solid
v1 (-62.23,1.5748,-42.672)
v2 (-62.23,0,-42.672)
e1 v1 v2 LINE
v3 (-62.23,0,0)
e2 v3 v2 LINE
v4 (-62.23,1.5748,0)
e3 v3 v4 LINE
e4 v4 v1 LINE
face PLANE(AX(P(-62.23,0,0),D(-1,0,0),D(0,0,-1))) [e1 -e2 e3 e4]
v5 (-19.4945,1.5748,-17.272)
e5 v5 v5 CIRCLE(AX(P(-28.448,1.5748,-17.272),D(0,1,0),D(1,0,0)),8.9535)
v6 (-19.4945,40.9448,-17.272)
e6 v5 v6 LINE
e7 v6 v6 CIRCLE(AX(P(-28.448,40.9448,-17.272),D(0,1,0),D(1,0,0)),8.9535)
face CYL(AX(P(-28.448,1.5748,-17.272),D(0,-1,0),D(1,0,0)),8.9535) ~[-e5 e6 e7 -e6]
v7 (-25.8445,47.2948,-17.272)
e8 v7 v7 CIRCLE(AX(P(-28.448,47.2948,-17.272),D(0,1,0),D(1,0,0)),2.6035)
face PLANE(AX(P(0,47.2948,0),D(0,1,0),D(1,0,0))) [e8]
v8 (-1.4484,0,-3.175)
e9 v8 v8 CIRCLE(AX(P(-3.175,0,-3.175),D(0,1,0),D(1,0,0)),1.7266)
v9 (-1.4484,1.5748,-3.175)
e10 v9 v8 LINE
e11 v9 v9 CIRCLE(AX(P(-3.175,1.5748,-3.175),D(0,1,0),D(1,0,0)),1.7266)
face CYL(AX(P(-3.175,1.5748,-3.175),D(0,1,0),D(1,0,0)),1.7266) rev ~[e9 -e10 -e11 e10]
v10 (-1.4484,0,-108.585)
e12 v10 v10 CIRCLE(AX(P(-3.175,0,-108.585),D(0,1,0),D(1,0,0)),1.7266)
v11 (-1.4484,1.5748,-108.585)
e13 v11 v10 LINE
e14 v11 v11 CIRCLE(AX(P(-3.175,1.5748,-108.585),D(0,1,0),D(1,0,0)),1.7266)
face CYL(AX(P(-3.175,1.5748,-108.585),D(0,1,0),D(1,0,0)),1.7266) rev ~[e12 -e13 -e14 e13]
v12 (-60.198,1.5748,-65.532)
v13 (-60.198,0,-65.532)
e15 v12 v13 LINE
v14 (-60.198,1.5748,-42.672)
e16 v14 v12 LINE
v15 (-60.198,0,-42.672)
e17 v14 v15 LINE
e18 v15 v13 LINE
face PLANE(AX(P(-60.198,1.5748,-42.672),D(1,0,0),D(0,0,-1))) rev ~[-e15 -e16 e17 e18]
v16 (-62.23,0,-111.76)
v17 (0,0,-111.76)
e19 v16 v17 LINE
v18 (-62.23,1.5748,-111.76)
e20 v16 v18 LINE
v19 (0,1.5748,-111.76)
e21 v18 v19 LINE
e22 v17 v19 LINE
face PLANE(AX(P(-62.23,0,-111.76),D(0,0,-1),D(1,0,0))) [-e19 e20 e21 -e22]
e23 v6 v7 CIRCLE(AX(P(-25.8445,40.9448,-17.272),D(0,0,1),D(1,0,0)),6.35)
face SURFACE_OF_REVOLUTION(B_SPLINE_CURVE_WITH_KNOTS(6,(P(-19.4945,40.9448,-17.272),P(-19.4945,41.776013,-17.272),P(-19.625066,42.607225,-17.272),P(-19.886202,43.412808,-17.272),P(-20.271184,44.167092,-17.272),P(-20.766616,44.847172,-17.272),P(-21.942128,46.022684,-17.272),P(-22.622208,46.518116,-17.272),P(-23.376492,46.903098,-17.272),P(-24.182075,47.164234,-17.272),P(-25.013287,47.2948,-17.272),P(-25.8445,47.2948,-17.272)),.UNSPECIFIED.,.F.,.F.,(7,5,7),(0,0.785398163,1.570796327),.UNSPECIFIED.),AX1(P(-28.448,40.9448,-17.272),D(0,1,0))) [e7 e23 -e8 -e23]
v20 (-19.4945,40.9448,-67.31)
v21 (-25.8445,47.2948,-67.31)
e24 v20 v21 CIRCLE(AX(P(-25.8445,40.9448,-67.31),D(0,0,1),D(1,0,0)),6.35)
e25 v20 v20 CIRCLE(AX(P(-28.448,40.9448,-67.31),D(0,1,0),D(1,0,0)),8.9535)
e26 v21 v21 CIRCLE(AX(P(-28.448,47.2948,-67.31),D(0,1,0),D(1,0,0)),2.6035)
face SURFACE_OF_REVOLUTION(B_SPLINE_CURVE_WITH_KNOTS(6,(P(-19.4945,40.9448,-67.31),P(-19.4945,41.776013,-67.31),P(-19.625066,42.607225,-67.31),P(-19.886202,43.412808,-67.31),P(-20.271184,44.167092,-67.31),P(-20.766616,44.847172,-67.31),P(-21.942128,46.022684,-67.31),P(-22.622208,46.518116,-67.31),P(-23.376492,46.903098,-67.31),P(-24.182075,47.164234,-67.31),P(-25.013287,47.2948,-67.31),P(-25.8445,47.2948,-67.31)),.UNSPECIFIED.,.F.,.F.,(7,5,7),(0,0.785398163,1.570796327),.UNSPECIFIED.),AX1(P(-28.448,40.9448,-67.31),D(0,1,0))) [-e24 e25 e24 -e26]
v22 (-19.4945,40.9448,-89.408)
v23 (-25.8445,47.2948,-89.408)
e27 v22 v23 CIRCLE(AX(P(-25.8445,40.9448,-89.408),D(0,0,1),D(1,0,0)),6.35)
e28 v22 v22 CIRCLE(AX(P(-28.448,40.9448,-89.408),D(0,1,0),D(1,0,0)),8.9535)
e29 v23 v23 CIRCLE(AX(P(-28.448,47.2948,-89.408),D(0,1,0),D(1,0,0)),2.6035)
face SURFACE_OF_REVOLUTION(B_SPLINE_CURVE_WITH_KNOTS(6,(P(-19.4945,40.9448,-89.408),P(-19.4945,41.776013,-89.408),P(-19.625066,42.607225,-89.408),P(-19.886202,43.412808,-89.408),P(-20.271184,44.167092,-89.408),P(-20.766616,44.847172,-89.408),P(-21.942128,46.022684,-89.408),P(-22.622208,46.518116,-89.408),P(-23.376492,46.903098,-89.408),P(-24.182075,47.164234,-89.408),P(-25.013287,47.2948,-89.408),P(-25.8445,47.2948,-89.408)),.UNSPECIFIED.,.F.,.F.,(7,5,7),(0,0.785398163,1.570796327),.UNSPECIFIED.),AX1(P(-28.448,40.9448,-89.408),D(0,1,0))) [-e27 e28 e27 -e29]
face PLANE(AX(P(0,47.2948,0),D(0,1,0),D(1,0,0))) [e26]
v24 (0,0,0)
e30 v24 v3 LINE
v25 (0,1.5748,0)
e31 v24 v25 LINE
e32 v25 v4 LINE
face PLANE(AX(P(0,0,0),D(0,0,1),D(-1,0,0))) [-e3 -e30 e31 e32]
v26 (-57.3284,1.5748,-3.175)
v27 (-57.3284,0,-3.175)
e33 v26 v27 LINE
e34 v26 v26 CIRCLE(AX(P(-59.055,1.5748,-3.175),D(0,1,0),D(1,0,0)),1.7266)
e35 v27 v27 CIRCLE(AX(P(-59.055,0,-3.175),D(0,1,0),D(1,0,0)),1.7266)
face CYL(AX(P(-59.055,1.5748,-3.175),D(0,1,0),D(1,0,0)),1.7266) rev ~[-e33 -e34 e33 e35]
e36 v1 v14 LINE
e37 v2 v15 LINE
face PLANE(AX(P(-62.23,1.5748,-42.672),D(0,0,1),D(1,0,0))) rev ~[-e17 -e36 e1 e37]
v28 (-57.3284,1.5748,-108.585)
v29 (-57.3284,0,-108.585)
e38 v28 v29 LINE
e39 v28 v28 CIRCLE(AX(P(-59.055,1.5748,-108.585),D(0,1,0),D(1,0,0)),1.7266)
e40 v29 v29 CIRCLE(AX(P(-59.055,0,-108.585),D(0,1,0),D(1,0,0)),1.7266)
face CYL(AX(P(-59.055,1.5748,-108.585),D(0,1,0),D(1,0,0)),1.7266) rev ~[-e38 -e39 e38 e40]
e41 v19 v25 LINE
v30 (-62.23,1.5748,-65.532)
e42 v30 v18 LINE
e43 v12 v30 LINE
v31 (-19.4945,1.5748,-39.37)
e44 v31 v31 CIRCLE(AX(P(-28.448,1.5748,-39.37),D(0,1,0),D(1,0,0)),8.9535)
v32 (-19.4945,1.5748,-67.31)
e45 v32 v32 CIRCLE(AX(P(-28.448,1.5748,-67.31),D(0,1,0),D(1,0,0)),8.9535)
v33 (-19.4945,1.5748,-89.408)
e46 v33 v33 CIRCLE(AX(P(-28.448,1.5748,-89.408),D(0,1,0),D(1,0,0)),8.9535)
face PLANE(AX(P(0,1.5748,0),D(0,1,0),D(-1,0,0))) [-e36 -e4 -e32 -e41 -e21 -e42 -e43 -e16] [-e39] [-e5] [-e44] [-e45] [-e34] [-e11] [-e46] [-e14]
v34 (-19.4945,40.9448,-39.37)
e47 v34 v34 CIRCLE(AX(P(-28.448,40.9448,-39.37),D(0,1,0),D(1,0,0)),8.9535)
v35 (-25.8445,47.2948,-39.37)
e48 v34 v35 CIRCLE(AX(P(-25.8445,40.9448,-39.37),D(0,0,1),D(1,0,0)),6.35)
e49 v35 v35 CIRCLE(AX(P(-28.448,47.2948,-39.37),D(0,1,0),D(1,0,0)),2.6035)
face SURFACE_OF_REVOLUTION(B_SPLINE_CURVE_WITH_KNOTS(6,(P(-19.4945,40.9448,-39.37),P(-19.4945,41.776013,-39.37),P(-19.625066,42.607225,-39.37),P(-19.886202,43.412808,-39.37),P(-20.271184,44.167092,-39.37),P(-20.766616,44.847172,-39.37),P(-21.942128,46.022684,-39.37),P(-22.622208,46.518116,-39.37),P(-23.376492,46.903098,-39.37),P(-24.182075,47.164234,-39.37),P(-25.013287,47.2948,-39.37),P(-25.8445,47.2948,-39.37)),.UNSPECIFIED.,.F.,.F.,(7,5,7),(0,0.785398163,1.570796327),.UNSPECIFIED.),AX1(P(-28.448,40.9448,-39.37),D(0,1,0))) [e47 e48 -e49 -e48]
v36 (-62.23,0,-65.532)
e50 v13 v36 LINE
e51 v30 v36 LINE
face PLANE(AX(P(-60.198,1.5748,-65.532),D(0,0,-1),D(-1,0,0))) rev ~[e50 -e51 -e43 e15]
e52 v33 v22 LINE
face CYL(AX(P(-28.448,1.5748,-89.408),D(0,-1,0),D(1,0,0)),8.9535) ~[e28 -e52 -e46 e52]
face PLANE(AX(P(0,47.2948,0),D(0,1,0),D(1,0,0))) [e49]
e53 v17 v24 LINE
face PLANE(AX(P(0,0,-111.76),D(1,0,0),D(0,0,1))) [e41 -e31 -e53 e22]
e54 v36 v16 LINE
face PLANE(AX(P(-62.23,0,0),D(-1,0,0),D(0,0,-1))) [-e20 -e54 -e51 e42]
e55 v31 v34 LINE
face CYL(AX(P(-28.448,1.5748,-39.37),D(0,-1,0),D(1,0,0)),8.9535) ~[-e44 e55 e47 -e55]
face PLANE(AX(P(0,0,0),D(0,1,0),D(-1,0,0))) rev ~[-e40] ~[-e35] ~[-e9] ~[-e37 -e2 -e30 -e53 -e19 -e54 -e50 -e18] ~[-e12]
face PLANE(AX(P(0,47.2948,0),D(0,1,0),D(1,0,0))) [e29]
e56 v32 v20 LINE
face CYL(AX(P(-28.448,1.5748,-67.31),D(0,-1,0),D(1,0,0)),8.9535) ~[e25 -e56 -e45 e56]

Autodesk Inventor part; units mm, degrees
ref_plane "YZ Plane" through (0, 0, 0) normal (1, 0, 0) x (0, 1, 0)
ref_plane "XZ Plane" through (0, 0, 0) normal (0, 1, 0) x (-1, 0, 0)
ref_plane "XY Plane" through (0, 0, 0) normal (0, 0, 1) x (1, 0, 0)
sketch "Sketch3" plane through (0, 0, 0) normal (0, 1, 0) x (-1, 0, 0)
  line L0 (0, 0) -> (62.23, 0)
  line L1 (62.23, 0) -> (62.23, -111.76)
  line L2 (62.23, -111.76) -> (0, -111.76)
  line L3 (0, -111.76) -> (0, 0)
  dimension "d53" = 62.23
  dimension "d54" = 111.76
extrude "Extrusion4" add sketch "Sketch3" along normal blind 1.5748
sketch "Sketch4" plane through (0, 1.5748, 0) normal (0, 1, 0) x (1, 0, 0)
  line L0 (-62.23, 0) -> (0, 0) projected
  line L1 (0, 0) -> (0, 111.76) projected
  line L2 (0, 111.76) -> (-62.23, 111.76) projected
  line L3 (-62.23, 111.76) -> (-62.23, 0) projected
  circle A0 centre (-59.055, 3.175) radius 1.7266
  circle A1 centre (-59.055, 108.585) radius 1.7266
  circle A2 centre (-3.175, 108.585) radius 1.7266
  circle A3 centre (-3.175, 3.175) radius 1.7266
  dimension "d57" = 3.4531
  dimension "d58" = 3.4531
  dimension "d59" = 3.4531
  dimension "d60" = 3.4531
  dimension "d61" = 3.175
  dimension "d62" = 3.175
  dimension "d63" = 3.175
  dimension "d64" = 3.175
  dimension "d65" = 3.175
  dimension "d66" = 3.175
  dimension "d67" = 3.175
  dimension "d68" = 3.175
extrude "Extrusion5" cut sketch "Sketch4" against normal blind 2.54 contours A0 | A1 | A2 | A3
sketch "Sketch5" plane through (0, 1.5748, 0) normal (0, 1, 0) x (1, 0, 0)
  circle A0 centre (-28.448, 17.272) radius 8.9535
  circle A1 centre (-28.448, 39.37) radius 8.9535
  circle A2 centre (-28.448, 67.31) radius 8.9535
  circle A3 centre (-28.448, 89.408) radius 8.9535
  line L0 (-62.23, 0) -> (0, 0) projected
  line L1 (0, 0) -> (0, 111.76) projected
  line L2 (-62.23, 111.76) -> (-62.23, 0) projected
  dimension "d71" = 17.907
  dimension "d72" = 17.907
  dimension "d73" = 17.907
  dimension "d74" = 17.907
  dimension "d75" = 17.272
  dimension "d78" = 22.098
  dimension "d80" = 27.94
  dimension "d82" = 22.098
  dimension "d86" = 33.782
extrude "Extrusion6" add sketch "Sketch5" along normal blind 45.72
fillet "Fillet2" radius 6.35 4 edges at (-37.4015, 47.2948, -17.272) (-37.4015, 47.2948, -39.37) (-37.4015, 47.2948, -67.31) (-37.4015, 47.2948, -89.408)
sketch "Sketch6" plane through (0, 1.5748, 0) normal (0, 1, 0) x (1, 0, 0)
  line L0 (-62.23, 111.76) -> (-62.23, 0) projected
  line L1 (-62.23, 0) -> (-62.23, 42.672)
  line L2 (-62.23, 42.672) -> (-60.198, 42.672)
  line L3 (-60.198, 42.672) -> (-60.198, 65.532)
  line L4 (-60.198, 65.532) -> (-62.23, 65.532)
  line L5 (-62.23, 42.672) -> (-62.23, 65.532)
  point P0 (0, 0)
  dimension "d87" = 42.672
  dimension "d88" = 2.032
  dimension "d89" = 22.86
extrude "Extrusion7" cut sketch "Sketch6" against normal blind 45.72
properties part number "PCB"
